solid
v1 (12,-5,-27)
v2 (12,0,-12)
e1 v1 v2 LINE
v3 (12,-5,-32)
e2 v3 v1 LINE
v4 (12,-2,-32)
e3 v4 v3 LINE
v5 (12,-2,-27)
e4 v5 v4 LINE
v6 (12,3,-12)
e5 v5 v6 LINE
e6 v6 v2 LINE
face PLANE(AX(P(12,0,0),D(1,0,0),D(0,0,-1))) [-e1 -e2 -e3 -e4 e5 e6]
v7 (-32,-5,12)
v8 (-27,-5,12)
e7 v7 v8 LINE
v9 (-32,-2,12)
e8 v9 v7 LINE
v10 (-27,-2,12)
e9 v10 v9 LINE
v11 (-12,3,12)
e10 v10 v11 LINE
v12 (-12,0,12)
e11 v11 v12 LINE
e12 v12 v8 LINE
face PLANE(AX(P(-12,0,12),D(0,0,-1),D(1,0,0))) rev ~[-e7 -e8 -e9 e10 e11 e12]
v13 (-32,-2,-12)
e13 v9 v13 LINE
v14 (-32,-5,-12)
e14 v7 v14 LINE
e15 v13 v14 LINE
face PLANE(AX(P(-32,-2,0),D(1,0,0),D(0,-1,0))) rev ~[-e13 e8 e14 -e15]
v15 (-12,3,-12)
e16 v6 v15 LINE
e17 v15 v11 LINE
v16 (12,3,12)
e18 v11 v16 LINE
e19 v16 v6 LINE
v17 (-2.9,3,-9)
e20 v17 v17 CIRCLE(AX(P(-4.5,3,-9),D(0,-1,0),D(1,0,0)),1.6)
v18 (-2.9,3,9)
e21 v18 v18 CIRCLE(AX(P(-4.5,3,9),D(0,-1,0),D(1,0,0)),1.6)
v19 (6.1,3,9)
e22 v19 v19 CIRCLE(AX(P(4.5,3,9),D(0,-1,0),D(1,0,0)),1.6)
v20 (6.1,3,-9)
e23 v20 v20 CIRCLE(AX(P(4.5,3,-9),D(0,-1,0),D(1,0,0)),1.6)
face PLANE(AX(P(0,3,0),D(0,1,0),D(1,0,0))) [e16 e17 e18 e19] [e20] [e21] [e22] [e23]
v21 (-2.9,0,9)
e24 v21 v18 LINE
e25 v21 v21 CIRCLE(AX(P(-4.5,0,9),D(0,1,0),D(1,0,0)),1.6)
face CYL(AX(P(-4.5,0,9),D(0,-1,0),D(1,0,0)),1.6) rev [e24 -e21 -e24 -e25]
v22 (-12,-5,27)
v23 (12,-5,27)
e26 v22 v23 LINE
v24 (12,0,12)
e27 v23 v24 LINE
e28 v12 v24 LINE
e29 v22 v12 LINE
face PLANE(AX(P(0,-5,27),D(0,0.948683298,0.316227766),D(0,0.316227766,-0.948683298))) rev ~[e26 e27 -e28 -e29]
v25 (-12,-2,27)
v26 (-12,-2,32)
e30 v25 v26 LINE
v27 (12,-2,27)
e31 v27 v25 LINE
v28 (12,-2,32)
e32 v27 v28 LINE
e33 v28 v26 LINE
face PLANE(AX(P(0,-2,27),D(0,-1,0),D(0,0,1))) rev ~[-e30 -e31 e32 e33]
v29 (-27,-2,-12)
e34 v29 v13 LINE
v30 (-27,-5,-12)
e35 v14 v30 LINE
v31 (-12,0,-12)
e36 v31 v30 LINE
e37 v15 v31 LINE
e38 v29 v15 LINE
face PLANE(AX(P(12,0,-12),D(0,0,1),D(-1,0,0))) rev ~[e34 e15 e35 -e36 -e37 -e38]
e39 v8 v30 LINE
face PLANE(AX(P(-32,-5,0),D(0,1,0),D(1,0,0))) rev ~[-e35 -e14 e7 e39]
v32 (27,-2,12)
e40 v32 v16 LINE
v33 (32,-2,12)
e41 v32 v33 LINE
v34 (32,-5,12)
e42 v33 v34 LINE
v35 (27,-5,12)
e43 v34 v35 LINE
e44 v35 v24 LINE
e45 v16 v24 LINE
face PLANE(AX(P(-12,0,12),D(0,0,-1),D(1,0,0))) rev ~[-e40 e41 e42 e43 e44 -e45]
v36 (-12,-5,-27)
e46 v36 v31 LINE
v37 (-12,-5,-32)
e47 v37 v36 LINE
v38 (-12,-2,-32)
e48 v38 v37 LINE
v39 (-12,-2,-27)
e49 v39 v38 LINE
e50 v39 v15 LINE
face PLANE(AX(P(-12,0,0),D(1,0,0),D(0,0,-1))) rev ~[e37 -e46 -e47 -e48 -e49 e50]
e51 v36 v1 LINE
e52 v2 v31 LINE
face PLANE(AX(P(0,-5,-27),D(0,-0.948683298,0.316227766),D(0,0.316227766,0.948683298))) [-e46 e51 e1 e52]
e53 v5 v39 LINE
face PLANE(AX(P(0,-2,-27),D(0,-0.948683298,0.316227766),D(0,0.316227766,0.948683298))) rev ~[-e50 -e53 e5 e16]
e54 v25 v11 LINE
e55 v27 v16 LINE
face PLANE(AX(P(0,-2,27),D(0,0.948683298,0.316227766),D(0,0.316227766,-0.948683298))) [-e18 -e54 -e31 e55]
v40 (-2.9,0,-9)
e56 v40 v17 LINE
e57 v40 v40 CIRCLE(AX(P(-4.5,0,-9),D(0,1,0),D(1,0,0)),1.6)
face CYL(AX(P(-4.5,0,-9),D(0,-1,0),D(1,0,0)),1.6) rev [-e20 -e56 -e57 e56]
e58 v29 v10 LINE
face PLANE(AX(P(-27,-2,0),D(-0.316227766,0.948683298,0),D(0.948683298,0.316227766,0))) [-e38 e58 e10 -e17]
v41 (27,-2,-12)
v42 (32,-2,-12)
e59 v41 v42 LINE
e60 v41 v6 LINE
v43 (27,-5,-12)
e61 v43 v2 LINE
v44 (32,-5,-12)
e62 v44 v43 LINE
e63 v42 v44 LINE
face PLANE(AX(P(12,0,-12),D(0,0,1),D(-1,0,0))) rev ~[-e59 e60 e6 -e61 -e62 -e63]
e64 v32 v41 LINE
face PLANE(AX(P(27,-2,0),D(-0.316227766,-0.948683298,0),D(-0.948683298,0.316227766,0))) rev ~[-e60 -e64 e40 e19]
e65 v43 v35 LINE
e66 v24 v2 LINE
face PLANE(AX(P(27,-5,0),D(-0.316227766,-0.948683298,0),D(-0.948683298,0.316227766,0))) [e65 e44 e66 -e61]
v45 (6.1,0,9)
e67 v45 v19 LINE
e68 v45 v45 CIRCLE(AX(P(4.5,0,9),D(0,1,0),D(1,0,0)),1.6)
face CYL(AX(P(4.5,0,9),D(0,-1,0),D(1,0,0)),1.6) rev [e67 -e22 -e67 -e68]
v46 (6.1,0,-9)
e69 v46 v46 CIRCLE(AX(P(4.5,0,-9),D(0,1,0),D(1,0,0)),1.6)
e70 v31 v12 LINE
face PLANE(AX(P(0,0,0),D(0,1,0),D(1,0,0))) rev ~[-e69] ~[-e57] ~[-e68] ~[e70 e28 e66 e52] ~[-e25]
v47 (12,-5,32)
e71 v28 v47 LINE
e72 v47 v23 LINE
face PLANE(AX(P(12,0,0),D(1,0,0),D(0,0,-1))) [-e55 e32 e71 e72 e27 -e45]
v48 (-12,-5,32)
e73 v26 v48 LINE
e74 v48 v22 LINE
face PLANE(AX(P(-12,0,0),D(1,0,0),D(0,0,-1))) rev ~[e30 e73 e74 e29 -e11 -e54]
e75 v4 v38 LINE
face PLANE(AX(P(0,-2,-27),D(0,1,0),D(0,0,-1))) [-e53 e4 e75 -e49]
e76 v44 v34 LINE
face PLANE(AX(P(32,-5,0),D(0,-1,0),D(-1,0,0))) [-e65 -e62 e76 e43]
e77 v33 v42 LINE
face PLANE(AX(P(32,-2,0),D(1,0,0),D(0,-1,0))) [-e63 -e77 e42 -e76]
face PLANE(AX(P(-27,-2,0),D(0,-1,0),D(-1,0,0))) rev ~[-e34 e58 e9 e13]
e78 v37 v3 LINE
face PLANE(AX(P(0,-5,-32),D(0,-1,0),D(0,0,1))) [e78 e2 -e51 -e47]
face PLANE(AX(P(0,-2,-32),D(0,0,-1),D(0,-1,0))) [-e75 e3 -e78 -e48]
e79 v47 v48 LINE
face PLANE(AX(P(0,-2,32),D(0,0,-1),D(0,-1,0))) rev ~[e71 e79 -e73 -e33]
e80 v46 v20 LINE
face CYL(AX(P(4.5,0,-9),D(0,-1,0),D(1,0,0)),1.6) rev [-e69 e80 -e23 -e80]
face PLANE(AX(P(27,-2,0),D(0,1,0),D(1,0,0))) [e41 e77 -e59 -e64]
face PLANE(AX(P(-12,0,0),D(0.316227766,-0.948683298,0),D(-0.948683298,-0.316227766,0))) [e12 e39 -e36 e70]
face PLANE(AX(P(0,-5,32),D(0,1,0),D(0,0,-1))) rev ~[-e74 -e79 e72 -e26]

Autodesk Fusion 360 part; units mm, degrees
sketch "スケッチ1" plane through (0, 0, 0) normal (0, 1, 0) x (1, 0, 0)
  line L0 (12, 12) -> (-12, 12)
  line L1 (-12, 12) -> (-12, -12)
  line L2 (-12, -12) -> (12, -12)
  line L3 (12, -12) -> (12, 12)
  line L4 (12, 12) -> (-12, -12) construction
  line L5 (-12, 12) -> (12, -12) construction
  line L6 (4.5, 9) -> (-4.5, 9)
  line L7 (-4.5, 9) -> (-4.5, -9)
  line L8 (-4.5, -9) -> (4.5, -9)
  line L9 (4.5, -9) -> (4.5, 9)
  line L10 (4.5, 9) -> (-4.5, -9) construction
  line L11 (-4.5, 9) -> (4.5, -9) construction
  circle A0 centre (-4.5, 9) radius 1.6
  circle A1 centre (4.5, 9) radius 1.6
  circle A2 centre (-4.5, -9) radius 1.6
  circle A3 centre (4.5, -9) radius 1.6
  dimension "d1" = 24
  dimension "d2" = 24
  dimension "d3" = 9
  dimension "d4" = 18
  dimension "d5" = 3.2
  dimension "d6" = 3.2
  dimension "d7" = 3.2
  dimension "d8" = 3.2
extrude "押し出し1" add sketch "スケッチ1" along normal blind 3 contours L0 L1 L2 L3 | L6 L7 L8 L9 A0 A1 A2 A3
sketch "スケッチ2" plane through (0, 0, 0) normal (0, 0, 1) x (1, 0, 0)
  line L0 (12, 0) -> (12, -5)
  line L1 (12, -5) -> (27, -5)
  line L2 (27, -5) -> (12, 0)
  line L3 (27, -5) -> (27, -2)
  line L4 (27, -2) -> (12, 3)
  line L5 (12, 0) -> (12, 3)
  line L6 (27, -2) -> (32, -2)
  line L7 (32, -2) -> (32, -5)
  line L8 (32, -5) -> (27, -5)
  line L9 (27, -5) -> (27, -2)
  dimension "d11" = 5
  dimension "d12" = 15
  dimension "d13" = 3
  dimension "d14" = 5
  dimension "d15" = 3
extrude "押し出し2" add sketch "スケッチ2" along normal mid plane 24 contours L2 L3 L4 L5 L9 | L3 L6 L7 L8 L9
sketch "スケッチ3" plane through (0, 0, 0) normal (0, 0, 1) x (1, 0, 0)
  line L0 (-12, 0) -> (-12, -5)
  line L1 (-12, -5) -> (-27, -5)
  line L2 (-12, 0) -> (-27, -5)
  line L3 (-27, -5) -> (-27, -2)
  line L4 (-27, -2) -> (-12, 3)
  line L5 (-12, 3) -> (-12, 0)
  line L6 (-27, -2) -> (-32, -2)
  line L7 (-32, -2) -> (-32, -5)
  line L8 (-32, -5) -> (-27, -5)
  line L9 (-27, -5) -> (-27, -2)
  dimension "d18" = 5
  dimension "d19" = 15
  dimension "d20" = 3
  dimension "d21" = 5
  dimension "d22" = 3
extrude "押し出し3" add sketch "スケッチ3" along normal mid plane 24 contours L2 L3 L4 L5 L9 | L3 L6 L7 L8 L9
sketch "スケッチ4" plane through (0, 0, 0) normal (1, 0, 0) x (0, 0, -1)
  line L0 (12, 0) -> (12, -5)
  line L1 (12, -5) -> (27, -5)
  line L2 (27, -5) -> (12, 0)
  line L3 (27, -5) -> (27, -2)
  line L4 (27, -2) -> (12, 3)
  line L5 (12, 3) -> (12, 0)
  line L6 (27, -2) -> (32, -2)
  line L7 (32, -2) -> (32, -5)
  line L8 (32, -5) -> (27, -5)
  line L9 (27, -5) -> (27, -2)
  line L10 (0, 5) -> (0, 4)
  line L11 (0, 4) -> (0, -9)
  line L12 (-27, -2) -> (-12, 3)
  line L13 (-12, 3) -> (-12, 0)
  line L14 (-27, -5) -> (-12, 0)
  line L15 (-27, -2) -> (-32, -2)
  line L16 (-27, -5) -> (-27, -2)
  line L17 (-32, -2) -> (-32, -5)
  line L18 (-32, -5) -> (-27, -5)
  dimension "d25" = 15
  dimension "d26" = 3
  dimension "d27" = 3
  dimension "d28" = 5
extrude "押し出し4" add sketch "スケッチ4" along normal mid plane 24 contours L2 L3 L4 L5 L9 | L3 L6 L7 L8 L9 | L15 L16 L17 L18 | L12 L13 L14 L16
